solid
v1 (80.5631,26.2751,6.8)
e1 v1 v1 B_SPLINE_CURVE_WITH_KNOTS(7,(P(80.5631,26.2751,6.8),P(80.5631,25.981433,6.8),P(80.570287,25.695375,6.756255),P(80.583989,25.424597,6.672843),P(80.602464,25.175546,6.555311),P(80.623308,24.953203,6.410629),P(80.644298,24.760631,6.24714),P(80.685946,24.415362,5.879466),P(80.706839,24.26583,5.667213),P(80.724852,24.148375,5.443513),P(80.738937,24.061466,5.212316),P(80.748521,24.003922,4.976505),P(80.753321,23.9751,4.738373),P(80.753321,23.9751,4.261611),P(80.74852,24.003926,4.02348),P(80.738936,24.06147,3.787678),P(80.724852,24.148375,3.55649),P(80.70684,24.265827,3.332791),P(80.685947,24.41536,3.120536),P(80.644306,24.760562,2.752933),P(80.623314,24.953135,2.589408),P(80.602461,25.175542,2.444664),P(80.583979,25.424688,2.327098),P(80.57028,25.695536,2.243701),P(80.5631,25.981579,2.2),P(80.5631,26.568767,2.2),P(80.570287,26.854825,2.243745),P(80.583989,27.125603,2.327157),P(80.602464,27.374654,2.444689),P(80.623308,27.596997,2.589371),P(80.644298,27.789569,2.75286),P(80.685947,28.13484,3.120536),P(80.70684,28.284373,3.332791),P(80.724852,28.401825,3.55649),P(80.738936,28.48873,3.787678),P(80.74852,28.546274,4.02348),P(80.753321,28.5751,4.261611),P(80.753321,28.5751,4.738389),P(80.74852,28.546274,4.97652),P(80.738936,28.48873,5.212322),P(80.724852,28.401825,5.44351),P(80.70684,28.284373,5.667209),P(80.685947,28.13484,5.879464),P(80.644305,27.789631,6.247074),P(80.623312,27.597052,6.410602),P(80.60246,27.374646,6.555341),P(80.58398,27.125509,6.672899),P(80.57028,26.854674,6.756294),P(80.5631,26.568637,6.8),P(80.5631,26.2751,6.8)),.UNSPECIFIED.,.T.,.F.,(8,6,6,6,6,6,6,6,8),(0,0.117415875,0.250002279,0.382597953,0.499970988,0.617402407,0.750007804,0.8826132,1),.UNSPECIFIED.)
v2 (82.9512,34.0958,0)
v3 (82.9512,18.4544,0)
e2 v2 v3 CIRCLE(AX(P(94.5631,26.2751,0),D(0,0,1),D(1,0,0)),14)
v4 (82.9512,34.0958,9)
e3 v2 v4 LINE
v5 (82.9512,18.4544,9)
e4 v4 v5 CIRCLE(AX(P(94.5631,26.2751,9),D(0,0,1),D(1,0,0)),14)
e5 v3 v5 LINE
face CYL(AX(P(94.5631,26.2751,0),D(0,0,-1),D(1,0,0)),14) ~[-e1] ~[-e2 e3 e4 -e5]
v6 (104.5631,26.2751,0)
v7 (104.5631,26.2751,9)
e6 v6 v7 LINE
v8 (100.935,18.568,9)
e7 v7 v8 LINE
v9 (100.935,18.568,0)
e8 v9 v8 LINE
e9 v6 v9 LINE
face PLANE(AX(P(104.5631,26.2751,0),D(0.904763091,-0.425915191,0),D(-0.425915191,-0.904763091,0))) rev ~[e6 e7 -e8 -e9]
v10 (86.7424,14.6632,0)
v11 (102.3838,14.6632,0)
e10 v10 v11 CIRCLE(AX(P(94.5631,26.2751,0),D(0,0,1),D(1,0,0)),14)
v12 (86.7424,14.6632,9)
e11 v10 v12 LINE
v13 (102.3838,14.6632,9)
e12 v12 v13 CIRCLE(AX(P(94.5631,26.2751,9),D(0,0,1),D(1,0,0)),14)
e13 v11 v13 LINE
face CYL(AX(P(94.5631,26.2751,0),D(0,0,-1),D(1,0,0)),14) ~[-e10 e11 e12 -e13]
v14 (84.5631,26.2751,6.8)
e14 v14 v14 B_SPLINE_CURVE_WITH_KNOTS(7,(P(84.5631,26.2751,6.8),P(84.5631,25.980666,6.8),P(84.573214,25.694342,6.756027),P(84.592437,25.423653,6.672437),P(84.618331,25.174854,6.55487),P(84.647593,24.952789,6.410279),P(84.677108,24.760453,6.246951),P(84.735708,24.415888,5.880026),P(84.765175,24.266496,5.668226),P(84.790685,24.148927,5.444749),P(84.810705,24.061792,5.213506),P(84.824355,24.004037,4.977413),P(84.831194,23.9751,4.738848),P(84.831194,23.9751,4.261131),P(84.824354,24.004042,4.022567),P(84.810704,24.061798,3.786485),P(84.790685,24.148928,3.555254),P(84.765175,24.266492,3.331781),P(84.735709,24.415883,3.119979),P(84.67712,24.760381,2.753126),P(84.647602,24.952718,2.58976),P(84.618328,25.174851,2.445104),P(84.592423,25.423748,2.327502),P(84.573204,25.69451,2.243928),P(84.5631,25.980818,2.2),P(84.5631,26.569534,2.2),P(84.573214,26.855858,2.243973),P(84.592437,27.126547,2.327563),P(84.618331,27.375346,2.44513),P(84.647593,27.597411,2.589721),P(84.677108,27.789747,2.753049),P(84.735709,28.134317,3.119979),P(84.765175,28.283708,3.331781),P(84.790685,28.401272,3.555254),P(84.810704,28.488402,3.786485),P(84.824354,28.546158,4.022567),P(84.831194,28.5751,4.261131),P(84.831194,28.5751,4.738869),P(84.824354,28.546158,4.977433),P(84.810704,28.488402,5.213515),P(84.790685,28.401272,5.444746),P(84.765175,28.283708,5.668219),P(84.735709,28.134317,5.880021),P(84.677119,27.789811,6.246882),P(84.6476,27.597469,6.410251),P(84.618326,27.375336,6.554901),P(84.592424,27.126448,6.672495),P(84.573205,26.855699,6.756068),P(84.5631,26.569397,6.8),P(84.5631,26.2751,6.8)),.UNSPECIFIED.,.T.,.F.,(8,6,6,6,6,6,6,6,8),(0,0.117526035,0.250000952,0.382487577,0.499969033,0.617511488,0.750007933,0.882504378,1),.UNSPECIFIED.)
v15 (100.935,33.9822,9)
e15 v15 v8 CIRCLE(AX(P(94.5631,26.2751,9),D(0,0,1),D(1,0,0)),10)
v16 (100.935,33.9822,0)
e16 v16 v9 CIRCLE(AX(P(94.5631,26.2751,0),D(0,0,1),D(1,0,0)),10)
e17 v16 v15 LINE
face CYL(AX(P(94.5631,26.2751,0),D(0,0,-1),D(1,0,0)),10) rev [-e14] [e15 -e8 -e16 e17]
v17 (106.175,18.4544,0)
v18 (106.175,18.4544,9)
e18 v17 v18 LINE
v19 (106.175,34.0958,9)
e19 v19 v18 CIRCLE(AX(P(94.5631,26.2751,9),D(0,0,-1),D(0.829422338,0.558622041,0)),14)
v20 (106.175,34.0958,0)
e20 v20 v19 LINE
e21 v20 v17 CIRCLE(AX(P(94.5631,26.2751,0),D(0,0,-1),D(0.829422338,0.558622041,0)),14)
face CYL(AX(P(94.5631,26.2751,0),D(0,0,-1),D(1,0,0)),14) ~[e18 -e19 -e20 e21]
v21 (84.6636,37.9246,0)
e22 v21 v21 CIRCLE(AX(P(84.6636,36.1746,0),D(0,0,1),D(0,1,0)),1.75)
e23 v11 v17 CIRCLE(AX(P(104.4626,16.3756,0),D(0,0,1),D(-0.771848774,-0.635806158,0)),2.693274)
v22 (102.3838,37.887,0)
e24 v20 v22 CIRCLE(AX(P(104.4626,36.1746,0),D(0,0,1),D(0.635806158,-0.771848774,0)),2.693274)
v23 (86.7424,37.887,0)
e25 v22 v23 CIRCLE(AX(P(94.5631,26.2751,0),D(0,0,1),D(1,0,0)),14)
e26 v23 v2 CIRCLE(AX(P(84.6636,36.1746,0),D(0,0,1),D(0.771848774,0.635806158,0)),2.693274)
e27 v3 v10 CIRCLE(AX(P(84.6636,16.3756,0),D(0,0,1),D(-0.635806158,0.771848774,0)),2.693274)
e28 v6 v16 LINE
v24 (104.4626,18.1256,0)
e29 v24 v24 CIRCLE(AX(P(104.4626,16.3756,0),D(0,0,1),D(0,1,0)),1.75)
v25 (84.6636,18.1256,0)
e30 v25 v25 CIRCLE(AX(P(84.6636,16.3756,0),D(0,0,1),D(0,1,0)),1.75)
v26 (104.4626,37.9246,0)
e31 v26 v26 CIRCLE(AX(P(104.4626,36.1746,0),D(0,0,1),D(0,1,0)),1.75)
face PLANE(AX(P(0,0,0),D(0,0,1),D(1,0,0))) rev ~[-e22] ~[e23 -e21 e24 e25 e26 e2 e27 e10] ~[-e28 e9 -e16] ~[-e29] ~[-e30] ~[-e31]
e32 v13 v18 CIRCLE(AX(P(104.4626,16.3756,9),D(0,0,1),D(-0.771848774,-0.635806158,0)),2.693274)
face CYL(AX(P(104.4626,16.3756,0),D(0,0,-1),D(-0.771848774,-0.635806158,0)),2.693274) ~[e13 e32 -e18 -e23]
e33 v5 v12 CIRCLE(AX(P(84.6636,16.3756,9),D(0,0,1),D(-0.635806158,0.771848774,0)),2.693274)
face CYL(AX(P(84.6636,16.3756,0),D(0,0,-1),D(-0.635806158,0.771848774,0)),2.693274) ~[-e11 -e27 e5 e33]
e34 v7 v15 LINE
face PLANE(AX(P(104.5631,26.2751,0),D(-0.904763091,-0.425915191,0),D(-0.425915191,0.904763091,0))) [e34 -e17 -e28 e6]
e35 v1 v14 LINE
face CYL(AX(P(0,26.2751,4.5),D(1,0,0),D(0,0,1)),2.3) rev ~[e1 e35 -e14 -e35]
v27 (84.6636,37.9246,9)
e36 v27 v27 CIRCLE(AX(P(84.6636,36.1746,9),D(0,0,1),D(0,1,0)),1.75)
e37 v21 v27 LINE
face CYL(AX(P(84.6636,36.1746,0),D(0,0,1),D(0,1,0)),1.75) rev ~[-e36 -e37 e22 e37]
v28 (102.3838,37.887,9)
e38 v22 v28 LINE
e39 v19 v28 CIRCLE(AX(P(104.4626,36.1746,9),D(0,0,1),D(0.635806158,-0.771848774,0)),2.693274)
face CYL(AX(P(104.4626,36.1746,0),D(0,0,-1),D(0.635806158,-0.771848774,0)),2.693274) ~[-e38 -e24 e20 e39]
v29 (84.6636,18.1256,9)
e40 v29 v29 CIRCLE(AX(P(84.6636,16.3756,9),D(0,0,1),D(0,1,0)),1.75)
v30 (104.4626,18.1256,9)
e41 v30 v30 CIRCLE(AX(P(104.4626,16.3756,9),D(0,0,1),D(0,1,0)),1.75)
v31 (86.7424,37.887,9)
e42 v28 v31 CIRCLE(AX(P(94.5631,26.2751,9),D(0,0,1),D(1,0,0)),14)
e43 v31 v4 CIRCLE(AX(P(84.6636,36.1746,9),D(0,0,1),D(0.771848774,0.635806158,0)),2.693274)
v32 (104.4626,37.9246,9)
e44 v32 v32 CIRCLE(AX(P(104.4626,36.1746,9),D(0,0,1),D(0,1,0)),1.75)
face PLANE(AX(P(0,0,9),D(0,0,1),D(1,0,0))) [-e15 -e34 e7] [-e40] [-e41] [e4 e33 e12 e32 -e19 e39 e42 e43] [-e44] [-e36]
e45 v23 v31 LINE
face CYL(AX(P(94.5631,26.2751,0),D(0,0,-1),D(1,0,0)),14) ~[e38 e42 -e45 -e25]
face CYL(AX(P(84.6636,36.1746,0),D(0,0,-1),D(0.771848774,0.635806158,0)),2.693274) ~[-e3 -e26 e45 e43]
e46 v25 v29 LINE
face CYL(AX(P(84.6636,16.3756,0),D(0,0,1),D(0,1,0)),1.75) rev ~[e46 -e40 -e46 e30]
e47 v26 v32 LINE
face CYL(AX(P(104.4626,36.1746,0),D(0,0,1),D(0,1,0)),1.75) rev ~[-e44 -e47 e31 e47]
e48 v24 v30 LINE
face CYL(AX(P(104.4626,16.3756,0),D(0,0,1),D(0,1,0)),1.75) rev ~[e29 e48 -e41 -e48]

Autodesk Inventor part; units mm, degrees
ref_plane "YZ Plane" through (0, 0, 0) normal (1, 0, 0) x (0, 1, 0)
ref_plane "XZ Plane" through (0, 0, 0) normal (0, 1, 0) x (-1, 0, 0)
ref_plane "XY Plane" through (0, 0, 0) normal (0, 0, 1) x (1, 0, 0)
sketch "Sketch1" plane through (0, 0, 0) normal (0, 0, 1) x (1, 0, 0)
  circle A0 centre (84.6636, 36.1746) radius 1.1933 projected
  circle A1 centre (104.4626, 36.1746) radius 1.1933 projected
  circle A2 centre (104.4626, 16.3756) radius 1.1933 projected
  circle A3 centre (84.6636, 16.3756) radius 1.1933 projected
  circle A4 centre (94.5631, 26.2751) radius 10 projected
  circle A5 centre (94.5631, 26.2751) radius 14
  arc A6 (106.175, 34.0958) -> (102.3838, 37.887) centre (104.4626, 36.1746) ccw
  arc A7 (86.7424, 37.887) -> (82.9512, 34.0958) centre (84.6636, 36.1746) ccw
  arc A8 (82.9512, 18.4544) -> (86.7424, 14.6632) centre (84.6636, 16.3756) ccw
  arc A9 (102.3838, 14.6632) -> (106.175, 18.4544) centre (104.4626, 16.3756) ccw
  line L0 (80.5631, 26.2751) -> (108.5631, 26.2751) construction
  line L1 (104.5631, 26.2751) -> (100.935, 18.568)
  line L2 (104.5631, 26.2751) -> (100.935, 33.9822)
  circle A10 centre (94.0631, 26.2751) radius 9.5 construction
  point P0 (0, 0)
  dimension "d0" = 4
  dimension "d1" = 1.5
  dimension "d2" = 1.5
  dimension "d3" = 1.5
  dimension "d4" = 1.5
  dimension "d7" = 19
extrude "Extrusion1" add sketch "Sketch1" along normal blind 9 contours A0 A5 | A0 A5 A1 A2 A3 | A5 A0 | A0 A5 A7 | A6 A5 A1 | A5 A3 A8 | A5 A1 | A1 A5 | A5 A3 | A3 A5 | A5 A2 A9 | A5 A2 | A2 A5 | L2 A4 | A4 L1
hole "Hole1" at (104.4626, 16.3756, 0) at (84.6636, 16.3756, 0) at (84.6636, 36.1746, 0) at (104.4626, 36.1746, 0) direction (0, 0, 1) diameter 3.5 end through all clearance for "Countersunk Head GOST 12876-67" size "M3" standard "GOST"
sketch "Sketch2" plane through (0, 0, 0) normal (1, 0, 0) x (0, 1, 0)
  line L0 (34.0958, 0) -> (18.4544, 0) projected
  line L1 (18.4544, 0) -> (18.4544, 9) projected
  line L2 (34.0958, 9) -> (18.4544, 9) projected
  line L3 (34.0958, 0) -> (34.0958, 9) projected
  line L4 (26.2751, 0) -> (26.2751, 9) projected
  point P0 (0, 0)
  point P1 (26.2751, 4.5)
hole "Hole2" at (0, 26.2751, 4.5) direction (1, 0, 0) diameter 4.6 depth 87.5 tip angle 118
properties part number "marker_holder"
